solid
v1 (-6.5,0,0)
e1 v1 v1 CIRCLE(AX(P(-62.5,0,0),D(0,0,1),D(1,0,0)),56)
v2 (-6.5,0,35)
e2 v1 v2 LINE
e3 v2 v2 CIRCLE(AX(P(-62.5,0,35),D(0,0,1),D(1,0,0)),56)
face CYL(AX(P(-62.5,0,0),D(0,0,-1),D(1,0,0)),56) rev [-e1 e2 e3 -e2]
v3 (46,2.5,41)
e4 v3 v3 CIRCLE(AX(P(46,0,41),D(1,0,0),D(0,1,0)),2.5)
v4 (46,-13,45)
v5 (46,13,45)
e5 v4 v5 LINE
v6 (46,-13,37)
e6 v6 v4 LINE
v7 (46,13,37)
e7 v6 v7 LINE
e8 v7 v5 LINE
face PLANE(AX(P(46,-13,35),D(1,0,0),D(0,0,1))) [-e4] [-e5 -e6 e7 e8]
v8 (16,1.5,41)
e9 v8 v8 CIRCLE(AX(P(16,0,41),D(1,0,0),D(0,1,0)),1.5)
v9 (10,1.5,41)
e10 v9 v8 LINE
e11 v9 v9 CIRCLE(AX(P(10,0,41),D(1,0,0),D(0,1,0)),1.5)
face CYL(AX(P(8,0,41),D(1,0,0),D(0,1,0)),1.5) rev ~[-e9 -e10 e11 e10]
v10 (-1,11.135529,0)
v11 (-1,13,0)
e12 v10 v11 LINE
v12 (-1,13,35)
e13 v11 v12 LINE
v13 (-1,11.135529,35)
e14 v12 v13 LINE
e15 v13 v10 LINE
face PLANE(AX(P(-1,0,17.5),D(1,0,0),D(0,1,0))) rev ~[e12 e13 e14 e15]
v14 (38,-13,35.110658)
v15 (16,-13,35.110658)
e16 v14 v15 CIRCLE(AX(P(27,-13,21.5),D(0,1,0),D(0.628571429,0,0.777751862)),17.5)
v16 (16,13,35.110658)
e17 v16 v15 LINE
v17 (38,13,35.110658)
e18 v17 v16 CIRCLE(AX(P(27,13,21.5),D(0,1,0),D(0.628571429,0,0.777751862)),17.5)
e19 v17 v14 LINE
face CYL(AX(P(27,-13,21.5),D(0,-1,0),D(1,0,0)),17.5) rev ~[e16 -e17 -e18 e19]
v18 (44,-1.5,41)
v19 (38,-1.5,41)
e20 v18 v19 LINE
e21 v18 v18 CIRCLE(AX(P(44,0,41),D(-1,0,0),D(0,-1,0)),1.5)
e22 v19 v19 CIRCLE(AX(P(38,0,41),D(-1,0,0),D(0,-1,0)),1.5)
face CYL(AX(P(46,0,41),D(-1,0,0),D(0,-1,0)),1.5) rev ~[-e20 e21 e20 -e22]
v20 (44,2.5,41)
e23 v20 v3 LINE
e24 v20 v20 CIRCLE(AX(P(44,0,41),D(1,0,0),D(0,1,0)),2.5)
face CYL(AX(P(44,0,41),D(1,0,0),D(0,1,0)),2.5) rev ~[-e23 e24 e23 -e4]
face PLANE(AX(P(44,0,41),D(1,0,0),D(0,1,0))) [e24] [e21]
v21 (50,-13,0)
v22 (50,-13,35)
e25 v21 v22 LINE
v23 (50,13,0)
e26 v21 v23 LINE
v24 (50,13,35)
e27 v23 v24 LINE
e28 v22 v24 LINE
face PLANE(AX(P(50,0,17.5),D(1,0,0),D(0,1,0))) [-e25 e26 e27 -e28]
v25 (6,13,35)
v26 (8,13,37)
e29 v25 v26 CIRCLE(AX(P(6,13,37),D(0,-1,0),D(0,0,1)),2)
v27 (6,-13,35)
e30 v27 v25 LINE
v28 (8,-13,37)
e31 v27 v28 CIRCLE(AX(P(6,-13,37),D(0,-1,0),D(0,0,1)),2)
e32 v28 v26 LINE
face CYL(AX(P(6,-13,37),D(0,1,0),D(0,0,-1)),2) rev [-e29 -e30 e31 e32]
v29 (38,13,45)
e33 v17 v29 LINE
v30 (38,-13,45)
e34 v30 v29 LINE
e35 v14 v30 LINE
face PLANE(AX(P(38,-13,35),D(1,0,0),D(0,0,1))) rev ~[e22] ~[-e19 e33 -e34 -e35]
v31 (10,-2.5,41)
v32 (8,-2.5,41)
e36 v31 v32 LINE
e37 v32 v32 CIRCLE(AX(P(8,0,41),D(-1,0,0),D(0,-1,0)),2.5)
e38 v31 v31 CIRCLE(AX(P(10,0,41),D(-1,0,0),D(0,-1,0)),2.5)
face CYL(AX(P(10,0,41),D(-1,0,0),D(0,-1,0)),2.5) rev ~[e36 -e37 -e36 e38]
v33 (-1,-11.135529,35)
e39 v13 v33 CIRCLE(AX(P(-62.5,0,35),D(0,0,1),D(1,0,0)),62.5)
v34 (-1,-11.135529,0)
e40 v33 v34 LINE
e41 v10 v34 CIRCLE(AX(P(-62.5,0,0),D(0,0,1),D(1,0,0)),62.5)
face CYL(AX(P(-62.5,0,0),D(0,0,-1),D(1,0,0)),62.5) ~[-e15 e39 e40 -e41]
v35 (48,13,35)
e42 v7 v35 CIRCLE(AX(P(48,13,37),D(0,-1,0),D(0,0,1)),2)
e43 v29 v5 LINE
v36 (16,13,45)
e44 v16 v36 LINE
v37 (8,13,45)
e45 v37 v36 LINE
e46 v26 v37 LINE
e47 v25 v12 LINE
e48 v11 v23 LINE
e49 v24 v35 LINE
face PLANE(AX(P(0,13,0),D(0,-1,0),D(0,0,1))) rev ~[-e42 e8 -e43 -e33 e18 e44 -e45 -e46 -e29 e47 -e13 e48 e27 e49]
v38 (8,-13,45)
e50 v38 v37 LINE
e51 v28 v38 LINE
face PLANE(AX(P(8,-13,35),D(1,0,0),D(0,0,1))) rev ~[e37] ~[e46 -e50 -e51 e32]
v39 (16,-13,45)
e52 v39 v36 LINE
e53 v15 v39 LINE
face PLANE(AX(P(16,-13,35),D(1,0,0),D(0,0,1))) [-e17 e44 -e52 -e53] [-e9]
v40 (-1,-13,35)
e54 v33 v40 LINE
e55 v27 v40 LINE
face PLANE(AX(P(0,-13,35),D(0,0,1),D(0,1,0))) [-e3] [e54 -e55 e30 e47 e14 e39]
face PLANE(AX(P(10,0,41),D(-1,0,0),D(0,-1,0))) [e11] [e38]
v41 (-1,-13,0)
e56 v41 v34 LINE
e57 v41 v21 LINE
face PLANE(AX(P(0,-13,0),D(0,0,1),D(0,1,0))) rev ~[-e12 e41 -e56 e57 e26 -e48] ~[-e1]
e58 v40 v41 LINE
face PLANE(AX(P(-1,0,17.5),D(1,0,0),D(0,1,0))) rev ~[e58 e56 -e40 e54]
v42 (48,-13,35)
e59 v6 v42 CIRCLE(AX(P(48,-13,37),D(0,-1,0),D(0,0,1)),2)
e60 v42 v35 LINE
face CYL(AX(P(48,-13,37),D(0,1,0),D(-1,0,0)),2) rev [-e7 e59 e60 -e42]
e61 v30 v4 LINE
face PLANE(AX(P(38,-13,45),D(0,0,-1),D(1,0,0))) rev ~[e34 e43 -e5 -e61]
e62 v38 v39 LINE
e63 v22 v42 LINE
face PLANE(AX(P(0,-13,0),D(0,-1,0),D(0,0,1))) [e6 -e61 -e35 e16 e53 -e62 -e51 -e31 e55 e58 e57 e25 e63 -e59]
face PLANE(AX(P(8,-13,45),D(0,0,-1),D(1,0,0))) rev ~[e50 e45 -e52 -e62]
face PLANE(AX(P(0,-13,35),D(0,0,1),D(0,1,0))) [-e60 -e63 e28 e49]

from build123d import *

# Parameters (mm, degrees)
F0_R            = 56
F0_R_2          = 62.5
F1_DEPTH        = 35
F3_DEPTH        = 1
F4_W            = 26
F4_H            = 35
F5_DEPTH        = 50
F6_W            = 8
F6_H            = 10
F7_DEPTH        = 26
F8_R            = 17.5
F9_DEPTH        = 50
F10_R           = 2
F12_D           = 3
F12_DEPTH       = 8
F12_CBORE_D     = 5
F12_CBORE_DEPTH = 2
F14_D           = 3
F14_DEPTH       = 8
F14_CBORE_D     = 5
F14_CBORE_DEPTH = 2


with BuildPart() as f1:
    # F0 (on Top) → F1 (new body)
    with BuildSketch(Plane.XY):
        with Locations((-62.5, 0)):
            Circle(F0_R)
        with Locations((-62.5, 0)):
            Circle(F0_R_2)
        with Locations((-62.5, 0)):
            Circle(F0_R, mode=Mode.SUBTRACT)
    extrude(amount=F1_DEPTH)

    # F2 (on Right) → F3 (join)
    with BuildSketch(Plane.YZ):
        Polygon((-13, 0), (0, 0), (13, 0), (13, 35), (-13, 35), align=None)
    extrude(amount=-F3_DEPTH)

    # F4 (on face) → F5 (join)
    with BuildSketch(Plane.YZ):
        with Locations((0, 17.5)):
            Rectangle(F4_W, F4_H)
    extrude(amount=F5_DEPTH)

    # F6 (on face) → F7 (join)
    with BuildSketch(Plane.XZ.offset(13)):
        with Locations((42, 40)):
            Rectangle(F6_W, F6_H)
        with Locations((12, 40)):
            Rectangle(F6_W, F6_H)
    extrude(amount=-F7_DEPTH)

    # F8 (on face) → F9 (cut)
    with BuildSketch(Plane.XZ.offset(13)):
        with Locations((27, 21.5)):
            Circle(F8_R)
    extrude(amount=-F9_DEPTH, mode=Mode.SUBTRACT)

    # F10
    f10_edges = [f1.edges().sort_by_distance(p)[0] for p in [
        (46, 0, 35),
        (8, 0, 35),
    ]]
    fillet(f10_edges, radius=F10_R)

    # F12
    with Locations(Plane.YZ.offset(46)):
        with Locations((0, 41)):
            CounterBoreHole(F12_D / 2, F12_CBORE_D / 2, F12_CBORE_DEPTH, depth=F12_DEPTH)

    # F14
    with Locations(Plane(origin=(8, 0, 0), x_dir=(0, -1, 0), z_dir=(-1, 0, 0))):
        with Locations((0, 41)):
            CounterBoreHole(F14_D / 2, F14_CBORE_D / 2, F14_CBORE_DEPTH, depth=F14_DEPTH)


solid = f1.part
